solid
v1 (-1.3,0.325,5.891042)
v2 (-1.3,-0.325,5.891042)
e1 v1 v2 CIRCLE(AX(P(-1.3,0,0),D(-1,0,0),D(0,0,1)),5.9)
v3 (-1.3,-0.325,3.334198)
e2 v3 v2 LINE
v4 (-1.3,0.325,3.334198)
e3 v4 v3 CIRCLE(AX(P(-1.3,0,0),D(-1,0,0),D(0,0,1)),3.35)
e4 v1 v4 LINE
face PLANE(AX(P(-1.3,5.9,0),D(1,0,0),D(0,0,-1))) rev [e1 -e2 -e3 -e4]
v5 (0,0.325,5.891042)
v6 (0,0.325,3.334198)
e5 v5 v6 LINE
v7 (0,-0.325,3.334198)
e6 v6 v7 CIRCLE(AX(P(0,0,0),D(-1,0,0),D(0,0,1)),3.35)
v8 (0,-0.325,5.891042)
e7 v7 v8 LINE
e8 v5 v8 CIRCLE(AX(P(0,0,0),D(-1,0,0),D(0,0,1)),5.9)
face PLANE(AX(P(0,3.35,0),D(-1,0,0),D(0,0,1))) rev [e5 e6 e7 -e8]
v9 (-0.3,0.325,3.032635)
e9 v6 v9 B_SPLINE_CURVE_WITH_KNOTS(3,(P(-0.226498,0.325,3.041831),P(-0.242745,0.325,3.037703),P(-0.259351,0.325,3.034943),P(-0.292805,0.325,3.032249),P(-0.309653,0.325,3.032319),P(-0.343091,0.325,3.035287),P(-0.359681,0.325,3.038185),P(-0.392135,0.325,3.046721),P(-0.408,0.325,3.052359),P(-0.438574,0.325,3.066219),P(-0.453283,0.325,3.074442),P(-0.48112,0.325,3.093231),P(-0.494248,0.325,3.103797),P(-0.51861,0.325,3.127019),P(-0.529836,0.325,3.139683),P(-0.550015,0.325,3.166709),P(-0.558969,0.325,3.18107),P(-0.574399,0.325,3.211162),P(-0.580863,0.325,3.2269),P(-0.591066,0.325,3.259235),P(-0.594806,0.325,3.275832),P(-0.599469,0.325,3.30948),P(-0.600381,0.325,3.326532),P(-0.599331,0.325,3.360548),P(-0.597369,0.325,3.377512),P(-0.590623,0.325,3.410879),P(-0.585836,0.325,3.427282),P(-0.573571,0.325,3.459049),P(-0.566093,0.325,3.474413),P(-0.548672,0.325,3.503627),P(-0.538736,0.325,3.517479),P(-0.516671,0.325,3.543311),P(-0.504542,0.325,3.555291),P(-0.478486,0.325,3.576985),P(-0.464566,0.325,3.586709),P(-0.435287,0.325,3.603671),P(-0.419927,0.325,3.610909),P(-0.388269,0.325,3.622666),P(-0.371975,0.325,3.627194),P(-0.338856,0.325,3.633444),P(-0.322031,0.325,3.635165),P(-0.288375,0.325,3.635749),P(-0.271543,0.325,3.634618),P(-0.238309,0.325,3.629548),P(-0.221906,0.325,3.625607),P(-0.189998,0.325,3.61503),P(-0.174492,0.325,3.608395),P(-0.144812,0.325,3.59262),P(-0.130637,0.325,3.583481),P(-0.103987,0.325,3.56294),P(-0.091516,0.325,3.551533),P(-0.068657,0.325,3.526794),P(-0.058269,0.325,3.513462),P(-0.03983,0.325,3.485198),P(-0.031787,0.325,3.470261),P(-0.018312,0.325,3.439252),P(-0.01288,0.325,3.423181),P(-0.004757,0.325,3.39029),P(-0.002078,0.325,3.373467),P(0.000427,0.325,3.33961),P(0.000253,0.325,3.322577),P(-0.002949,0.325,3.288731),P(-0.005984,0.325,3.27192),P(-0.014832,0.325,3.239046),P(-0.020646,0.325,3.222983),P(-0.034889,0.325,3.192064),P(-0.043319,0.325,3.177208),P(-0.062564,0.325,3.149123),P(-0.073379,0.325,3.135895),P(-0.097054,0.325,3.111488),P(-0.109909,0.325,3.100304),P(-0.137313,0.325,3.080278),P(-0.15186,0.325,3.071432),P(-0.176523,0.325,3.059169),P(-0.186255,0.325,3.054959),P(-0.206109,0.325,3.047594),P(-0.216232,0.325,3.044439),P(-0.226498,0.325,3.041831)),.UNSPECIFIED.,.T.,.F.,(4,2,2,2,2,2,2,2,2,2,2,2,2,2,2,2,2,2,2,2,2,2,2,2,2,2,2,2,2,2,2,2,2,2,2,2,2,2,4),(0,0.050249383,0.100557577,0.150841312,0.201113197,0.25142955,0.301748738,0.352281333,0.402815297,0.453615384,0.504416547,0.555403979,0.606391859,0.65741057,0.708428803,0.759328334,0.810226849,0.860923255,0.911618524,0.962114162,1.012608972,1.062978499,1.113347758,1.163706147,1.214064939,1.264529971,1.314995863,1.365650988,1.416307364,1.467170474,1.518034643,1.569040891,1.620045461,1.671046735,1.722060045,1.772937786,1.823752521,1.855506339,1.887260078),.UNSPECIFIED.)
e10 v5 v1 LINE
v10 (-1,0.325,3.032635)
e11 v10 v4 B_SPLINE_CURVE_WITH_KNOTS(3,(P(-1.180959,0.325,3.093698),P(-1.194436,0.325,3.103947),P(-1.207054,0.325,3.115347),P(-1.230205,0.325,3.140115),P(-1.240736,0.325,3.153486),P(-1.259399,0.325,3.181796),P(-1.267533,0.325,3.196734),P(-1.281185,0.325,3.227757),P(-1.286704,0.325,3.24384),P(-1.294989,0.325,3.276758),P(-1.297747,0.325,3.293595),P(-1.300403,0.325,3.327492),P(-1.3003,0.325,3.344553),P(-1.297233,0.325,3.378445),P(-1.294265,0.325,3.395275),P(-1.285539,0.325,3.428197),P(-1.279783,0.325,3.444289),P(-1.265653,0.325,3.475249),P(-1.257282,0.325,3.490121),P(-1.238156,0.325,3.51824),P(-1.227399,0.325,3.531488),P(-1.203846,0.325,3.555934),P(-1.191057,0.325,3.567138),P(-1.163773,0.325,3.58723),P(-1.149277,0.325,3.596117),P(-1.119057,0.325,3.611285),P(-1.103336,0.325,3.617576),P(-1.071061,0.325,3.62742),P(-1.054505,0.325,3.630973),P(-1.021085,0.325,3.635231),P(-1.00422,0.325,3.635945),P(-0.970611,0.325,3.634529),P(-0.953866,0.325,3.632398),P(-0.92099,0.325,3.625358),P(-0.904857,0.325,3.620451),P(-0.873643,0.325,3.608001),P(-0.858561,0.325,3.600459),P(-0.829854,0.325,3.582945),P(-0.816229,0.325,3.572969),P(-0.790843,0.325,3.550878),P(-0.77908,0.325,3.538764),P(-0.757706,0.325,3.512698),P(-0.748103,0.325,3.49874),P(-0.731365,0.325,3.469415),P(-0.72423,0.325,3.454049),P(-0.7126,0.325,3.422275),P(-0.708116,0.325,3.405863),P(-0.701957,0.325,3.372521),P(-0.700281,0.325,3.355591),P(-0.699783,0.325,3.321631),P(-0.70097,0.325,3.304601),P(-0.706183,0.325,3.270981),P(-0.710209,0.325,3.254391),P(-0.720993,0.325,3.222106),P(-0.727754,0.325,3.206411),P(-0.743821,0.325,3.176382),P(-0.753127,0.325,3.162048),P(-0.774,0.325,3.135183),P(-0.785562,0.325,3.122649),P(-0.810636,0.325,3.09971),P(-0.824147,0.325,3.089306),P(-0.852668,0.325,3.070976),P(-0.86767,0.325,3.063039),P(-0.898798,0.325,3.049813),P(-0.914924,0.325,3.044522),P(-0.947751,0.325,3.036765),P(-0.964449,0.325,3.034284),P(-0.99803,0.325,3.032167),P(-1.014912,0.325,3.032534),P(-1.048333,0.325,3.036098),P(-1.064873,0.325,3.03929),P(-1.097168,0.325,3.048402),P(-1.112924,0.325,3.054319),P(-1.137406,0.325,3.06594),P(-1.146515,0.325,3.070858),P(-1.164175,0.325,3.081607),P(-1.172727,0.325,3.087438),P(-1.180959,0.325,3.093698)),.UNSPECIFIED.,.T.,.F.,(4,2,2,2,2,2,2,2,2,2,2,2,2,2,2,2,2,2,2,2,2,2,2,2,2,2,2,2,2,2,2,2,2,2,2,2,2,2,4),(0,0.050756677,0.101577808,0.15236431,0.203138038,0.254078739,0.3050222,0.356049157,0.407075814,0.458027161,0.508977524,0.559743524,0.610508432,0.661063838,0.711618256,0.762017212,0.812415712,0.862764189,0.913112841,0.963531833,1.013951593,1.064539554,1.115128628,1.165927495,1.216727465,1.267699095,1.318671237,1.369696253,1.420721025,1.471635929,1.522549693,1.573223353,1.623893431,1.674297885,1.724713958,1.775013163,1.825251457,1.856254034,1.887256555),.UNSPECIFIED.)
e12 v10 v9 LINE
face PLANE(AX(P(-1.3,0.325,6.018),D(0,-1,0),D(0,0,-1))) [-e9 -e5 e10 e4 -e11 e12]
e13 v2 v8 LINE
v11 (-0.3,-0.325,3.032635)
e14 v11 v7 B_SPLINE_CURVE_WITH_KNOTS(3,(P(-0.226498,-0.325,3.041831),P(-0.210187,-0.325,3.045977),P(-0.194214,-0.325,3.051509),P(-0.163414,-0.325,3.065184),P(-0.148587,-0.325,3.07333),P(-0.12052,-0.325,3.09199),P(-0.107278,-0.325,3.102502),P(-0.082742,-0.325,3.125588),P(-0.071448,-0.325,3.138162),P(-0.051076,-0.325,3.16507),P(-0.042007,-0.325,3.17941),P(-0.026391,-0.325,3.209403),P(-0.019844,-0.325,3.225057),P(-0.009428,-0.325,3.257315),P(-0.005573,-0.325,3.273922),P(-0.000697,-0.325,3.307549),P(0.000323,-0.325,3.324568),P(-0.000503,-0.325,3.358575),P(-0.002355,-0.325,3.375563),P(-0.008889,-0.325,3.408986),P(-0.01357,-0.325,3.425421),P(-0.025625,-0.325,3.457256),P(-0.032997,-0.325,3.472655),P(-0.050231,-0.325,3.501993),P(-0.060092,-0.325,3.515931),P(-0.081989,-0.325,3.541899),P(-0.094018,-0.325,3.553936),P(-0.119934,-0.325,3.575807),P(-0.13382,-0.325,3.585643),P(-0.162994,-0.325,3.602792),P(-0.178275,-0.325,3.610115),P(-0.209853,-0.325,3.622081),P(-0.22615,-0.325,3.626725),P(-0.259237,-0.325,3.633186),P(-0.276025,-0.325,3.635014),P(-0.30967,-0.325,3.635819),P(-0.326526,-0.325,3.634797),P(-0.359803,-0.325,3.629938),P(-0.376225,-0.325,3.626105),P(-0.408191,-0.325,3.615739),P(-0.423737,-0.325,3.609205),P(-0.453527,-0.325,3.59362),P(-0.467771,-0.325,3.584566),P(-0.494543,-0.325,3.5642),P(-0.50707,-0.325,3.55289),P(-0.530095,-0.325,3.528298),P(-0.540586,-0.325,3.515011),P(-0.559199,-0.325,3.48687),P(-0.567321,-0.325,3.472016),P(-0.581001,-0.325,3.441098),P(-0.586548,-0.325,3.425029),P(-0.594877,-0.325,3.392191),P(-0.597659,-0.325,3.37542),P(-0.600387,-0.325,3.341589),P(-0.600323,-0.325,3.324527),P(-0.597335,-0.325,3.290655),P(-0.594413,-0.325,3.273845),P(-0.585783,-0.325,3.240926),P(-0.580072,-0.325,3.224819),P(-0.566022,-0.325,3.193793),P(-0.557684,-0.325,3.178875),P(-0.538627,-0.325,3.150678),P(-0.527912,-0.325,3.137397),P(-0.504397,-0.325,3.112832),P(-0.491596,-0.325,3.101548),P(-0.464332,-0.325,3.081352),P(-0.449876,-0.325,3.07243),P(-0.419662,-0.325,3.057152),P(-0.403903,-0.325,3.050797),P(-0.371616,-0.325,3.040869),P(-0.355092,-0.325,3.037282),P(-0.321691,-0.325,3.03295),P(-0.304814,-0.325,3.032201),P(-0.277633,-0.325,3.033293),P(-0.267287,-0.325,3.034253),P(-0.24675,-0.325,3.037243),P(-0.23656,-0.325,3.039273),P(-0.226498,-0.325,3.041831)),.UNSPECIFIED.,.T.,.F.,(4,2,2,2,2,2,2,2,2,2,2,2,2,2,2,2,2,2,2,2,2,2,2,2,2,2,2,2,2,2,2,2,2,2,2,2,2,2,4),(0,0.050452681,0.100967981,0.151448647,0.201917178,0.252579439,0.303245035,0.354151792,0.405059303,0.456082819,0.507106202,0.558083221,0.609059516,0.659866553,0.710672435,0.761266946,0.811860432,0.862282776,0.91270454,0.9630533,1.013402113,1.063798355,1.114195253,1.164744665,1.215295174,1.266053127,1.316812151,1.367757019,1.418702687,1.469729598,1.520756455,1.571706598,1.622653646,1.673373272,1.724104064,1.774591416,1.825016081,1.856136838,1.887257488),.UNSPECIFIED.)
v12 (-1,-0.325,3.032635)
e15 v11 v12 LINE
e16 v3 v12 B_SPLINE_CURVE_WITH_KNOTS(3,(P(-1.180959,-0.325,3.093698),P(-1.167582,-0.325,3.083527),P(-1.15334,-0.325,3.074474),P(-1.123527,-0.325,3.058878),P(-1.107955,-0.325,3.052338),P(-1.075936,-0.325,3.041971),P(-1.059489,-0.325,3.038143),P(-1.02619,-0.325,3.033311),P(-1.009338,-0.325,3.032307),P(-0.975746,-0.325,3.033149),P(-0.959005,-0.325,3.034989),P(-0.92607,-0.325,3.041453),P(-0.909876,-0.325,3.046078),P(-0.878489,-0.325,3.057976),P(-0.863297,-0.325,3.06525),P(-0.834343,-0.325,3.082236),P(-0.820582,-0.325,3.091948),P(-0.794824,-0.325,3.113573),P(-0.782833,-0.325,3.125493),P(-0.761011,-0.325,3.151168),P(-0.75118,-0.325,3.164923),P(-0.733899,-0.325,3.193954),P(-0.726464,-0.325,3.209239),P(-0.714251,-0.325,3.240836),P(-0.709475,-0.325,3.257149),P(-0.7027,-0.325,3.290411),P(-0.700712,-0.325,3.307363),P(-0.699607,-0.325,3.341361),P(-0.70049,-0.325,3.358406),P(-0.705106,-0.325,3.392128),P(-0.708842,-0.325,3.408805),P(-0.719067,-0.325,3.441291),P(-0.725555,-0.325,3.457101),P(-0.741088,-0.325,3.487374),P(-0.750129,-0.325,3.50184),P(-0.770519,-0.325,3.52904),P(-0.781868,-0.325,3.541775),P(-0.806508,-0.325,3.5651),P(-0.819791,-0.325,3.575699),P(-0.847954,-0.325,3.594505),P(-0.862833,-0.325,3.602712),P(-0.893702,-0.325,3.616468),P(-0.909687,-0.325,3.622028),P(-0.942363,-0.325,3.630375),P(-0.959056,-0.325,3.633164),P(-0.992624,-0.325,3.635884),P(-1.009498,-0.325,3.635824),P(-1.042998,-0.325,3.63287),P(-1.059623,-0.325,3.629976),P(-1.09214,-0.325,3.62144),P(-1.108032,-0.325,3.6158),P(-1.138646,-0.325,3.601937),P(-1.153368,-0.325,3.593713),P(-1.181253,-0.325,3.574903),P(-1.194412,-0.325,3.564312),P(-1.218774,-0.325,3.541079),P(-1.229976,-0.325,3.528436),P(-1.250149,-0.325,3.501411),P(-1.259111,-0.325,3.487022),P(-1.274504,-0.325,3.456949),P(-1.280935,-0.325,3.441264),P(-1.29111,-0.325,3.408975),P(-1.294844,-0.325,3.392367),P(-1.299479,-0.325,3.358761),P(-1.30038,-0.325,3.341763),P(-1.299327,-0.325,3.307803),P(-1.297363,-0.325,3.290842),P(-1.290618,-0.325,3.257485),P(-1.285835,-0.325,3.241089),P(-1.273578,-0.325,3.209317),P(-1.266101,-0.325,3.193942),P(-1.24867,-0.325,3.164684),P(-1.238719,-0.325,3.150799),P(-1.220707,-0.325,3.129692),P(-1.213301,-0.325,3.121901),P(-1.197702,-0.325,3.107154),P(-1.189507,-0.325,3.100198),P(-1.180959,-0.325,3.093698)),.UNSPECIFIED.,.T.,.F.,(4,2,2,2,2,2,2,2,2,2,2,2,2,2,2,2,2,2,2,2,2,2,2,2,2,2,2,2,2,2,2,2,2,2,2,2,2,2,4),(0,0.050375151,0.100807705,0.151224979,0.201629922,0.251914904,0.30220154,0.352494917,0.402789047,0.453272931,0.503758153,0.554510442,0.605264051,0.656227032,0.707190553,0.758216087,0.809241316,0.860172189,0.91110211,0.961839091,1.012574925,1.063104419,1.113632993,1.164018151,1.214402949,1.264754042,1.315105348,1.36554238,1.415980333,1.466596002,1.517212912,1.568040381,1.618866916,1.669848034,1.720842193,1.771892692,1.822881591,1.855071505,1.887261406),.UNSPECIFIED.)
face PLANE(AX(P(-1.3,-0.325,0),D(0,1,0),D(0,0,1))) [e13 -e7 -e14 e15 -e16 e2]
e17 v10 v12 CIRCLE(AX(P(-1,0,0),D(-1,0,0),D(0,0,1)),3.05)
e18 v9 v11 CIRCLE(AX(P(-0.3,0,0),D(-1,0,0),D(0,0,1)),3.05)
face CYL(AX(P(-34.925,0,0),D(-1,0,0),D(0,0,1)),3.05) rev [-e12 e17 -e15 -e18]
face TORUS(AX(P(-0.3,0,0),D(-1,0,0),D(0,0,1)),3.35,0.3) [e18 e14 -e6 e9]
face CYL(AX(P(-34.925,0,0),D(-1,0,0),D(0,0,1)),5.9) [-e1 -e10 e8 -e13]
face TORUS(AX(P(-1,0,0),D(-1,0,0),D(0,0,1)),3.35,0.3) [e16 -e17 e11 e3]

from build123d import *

# Parameters (mm, degrees)
SKETCH2_W = 0.65
SKETCH2_H = 6.018
GAP_DEPTH = 9.444524853


with BuildPart() as part:
    # Sketch1 → Base-Revolve (revolve)
    with BuildSketch(Plane.XY, mode=Mode.PRIVATE) as base_revolve_sk:
        with BuildLine():
            Line((0, 3.35), (0, 5.9))
            Line((0, 5.9), (-1.3, 5.9))
            Line((-1.3, 5.9), (-1.3, 3.35))
            ThreePointArc((-1.3, 3.35), (-1.212132034, 3.137867966), (-1, 3.05))
            Line((-1, 3.05), (-0.3, 3.05))
            ThreePointArc((-0.3, 3.05), (-0.087867966, 3.137867966), (0, 3.35))
        make_face()
    revolve(base_revolve_sk.sketch.rotate(Axis((-34.925, 0, 0), (1, 0, 0)), 90), axis=Axis((-34.925, 0, 0), (1, 0, 0)))

    # Sketch2 → Gap (cut, through all)
    with BuildSketch(Plane(origin=(0, 0, 0), x_dir=(0, -1, 0), z_dir=(-1, 0, 0))):
        with Locations((0, 3.009)):
            Rectangle(SKETCH2_W, SKETCH2_H)
    extrude(amount=GAP_DEPTH, mode=Mode.SUBTRACT)


solid = part.part
